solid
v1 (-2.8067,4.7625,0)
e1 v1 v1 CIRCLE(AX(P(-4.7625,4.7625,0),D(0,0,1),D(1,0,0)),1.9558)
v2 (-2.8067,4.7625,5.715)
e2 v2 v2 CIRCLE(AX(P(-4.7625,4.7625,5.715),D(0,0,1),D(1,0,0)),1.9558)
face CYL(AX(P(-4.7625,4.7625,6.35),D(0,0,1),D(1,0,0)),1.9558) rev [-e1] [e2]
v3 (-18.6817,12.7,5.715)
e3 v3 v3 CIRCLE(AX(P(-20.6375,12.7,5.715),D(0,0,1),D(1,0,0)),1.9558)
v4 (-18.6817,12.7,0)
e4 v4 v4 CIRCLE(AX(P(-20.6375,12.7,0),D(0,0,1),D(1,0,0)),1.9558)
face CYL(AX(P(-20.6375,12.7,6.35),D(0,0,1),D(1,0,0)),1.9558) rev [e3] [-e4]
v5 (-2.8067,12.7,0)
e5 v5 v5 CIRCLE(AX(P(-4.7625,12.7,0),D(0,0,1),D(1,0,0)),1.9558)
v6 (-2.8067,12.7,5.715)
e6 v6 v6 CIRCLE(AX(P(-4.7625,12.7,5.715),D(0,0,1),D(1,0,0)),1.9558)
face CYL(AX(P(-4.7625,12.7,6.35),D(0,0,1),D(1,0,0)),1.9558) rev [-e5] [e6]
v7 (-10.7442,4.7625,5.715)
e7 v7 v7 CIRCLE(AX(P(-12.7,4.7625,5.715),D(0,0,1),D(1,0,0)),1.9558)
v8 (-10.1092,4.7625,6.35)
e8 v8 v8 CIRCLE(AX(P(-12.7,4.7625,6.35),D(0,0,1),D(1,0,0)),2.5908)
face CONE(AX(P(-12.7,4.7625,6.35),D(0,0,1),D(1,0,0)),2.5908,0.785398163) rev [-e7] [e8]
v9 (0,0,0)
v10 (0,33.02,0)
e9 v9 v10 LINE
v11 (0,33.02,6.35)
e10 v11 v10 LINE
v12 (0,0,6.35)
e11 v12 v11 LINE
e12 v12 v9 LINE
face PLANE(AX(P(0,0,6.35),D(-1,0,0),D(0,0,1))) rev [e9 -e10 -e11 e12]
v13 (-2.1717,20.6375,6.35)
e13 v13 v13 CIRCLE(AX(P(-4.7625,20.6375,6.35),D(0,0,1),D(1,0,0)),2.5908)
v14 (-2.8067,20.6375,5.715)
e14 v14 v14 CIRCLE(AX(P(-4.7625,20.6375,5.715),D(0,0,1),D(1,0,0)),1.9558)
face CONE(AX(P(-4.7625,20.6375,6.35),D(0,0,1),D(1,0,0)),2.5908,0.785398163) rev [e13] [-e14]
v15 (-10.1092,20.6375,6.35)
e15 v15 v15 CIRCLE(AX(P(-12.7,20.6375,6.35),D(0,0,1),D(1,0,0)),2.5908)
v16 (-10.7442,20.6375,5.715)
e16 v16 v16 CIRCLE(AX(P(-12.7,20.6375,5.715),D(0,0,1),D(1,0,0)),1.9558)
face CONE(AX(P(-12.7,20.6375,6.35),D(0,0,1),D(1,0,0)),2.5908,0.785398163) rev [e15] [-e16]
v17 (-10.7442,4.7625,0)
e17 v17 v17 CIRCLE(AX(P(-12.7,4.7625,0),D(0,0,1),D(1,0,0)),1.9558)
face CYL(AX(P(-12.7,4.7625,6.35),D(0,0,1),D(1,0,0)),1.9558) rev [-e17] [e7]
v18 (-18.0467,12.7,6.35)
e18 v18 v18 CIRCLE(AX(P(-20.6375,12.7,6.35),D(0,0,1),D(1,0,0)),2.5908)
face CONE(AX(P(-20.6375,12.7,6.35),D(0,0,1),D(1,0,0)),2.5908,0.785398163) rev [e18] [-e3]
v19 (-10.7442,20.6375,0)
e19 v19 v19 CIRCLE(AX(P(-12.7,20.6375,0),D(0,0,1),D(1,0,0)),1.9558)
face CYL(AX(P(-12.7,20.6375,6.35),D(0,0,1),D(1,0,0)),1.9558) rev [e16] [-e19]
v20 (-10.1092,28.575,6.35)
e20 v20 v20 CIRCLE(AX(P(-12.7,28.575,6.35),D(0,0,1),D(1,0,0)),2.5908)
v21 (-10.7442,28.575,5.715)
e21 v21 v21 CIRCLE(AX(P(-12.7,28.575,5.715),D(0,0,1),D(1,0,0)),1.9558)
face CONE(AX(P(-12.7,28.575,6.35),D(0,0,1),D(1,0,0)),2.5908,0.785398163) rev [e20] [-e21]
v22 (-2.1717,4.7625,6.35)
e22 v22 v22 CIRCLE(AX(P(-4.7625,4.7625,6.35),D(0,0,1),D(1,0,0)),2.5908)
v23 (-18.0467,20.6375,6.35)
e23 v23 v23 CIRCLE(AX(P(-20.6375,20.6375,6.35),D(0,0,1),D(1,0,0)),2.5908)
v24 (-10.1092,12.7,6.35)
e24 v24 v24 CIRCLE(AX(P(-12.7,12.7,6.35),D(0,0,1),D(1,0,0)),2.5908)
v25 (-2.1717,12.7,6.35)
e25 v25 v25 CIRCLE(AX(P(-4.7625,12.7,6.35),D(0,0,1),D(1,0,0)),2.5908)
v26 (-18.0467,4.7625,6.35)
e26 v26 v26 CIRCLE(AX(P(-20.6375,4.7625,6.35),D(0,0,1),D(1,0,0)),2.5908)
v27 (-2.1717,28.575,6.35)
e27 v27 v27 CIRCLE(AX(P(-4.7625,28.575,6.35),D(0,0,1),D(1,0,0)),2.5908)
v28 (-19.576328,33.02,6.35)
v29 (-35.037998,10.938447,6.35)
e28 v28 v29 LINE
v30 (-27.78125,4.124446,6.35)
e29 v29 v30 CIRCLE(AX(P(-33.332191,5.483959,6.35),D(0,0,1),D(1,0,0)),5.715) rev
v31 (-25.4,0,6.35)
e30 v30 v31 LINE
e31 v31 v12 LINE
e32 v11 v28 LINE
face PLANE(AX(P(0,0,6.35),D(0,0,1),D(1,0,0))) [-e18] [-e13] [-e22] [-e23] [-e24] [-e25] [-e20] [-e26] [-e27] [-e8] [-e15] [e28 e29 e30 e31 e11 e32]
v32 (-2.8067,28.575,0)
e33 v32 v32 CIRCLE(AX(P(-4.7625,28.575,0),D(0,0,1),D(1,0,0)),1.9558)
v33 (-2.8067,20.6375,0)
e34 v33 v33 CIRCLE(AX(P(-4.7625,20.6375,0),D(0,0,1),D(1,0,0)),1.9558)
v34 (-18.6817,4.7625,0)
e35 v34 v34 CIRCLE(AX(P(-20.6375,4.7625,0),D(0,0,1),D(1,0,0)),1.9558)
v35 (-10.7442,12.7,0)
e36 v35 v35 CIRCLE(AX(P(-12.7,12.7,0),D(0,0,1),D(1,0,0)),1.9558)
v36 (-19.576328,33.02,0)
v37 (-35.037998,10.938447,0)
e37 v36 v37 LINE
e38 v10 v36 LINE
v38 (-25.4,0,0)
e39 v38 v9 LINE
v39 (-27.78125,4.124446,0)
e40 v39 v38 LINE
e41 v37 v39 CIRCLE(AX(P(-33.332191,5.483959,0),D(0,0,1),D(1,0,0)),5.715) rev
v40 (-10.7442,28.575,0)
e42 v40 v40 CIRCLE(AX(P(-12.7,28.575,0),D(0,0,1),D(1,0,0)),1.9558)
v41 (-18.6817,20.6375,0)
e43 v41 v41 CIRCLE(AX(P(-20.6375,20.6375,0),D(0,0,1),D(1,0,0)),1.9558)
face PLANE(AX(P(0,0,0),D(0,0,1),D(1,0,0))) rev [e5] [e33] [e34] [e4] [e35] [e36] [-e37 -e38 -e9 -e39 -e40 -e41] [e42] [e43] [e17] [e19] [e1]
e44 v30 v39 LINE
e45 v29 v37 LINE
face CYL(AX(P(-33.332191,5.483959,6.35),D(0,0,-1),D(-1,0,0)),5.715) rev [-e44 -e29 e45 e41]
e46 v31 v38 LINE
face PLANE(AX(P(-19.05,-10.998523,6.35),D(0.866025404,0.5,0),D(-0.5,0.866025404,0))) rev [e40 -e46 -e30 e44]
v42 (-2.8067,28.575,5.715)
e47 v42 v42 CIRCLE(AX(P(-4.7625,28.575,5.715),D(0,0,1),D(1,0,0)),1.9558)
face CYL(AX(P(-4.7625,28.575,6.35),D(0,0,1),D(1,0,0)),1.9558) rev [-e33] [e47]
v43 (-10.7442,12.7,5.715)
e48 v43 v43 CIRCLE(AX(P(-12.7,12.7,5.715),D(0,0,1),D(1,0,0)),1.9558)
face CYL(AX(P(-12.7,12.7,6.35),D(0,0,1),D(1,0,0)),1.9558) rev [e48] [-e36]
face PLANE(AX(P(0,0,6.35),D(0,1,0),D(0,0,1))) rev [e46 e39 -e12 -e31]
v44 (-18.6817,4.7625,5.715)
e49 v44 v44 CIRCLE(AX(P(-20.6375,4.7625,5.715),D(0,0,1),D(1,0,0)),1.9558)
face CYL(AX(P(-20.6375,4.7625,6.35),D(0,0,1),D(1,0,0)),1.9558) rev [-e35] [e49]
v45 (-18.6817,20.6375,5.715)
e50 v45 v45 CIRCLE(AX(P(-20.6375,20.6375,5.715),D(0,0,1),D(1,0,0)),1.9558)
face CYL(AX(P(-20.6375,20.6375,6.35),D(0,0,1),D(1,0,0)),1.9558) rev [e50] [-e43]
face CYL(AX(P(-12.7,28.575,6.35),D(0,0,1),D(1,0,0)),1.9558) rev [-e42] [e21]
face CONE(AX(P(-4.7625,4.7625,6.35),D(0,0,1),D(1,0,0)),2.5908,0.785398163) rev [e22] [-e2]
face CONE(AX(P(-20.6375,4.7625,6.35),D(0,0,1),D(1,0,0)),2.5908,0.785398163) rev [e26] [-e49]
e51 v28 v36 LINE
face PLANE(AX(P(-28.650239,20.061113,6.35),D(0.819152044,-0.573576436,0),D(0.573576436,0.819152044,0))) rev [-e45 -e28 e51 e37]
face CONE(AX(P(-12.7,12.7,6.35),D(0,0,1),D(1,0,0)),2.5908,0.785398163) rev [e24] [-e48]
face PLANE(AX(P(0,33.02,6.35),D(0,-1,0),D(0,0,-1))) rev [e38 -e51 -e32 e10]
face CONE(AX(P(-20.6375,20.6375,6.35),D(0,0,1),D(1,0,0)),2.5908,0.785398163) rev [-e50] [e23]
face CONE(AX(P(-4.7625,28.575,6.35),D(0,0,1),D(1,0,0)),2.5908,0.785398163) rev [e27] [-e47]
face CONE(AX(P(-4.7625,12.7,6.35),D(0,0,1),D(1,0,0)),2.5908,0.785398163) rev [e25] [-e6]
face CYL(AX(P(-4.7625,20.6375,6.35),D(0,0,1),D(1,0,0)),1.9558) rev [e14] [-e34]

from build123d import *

# Parameters (mm, degrees)
BOSS_EXTRUDE1_DEPTH                   = 6.35
F_23_0_154_DIAMETER_HOLE1_D           = 3.9116
F_23_0_154_DIAMETER_HOLE1_CSINK_D     = 5.1816
F_23_0_154_DIAMETER_HOLE1_CSINK_ANGLE = 90
LPATTERN1_COUNT                       = 4
LPATTERN1_PITCH                       = 7.9375
LPATTERN1_COUNT_DIR2                  = 3
LPATTERN1_PITCH_DIR2                  = 7.9375


with BuildPart() as part:
    # Sketch1 → Boss-Extrude1 (new body)
    with BuildSketch(Plane.XY):
        with BuildLine():
            Line((-25.4, 0), (0, 0))
            Line((0, 0), (0, 33.02))
            Line((0, 33.02), (-19.576328296, 33.02))
            Line((-19.576328296, 33.02), (-33.216892644, 13.539255216))
            Line((-33.216892644, 13.539255216), (-31.734093122, 10.970971108))
            ThreePointArc((-31.734093122, 10.970971108), (-28.382856233, 8.341458547), (-27.78125, 4.124445986))
            Line((-27.78125, 4.124445986), (-25.4, 0))
        make_face()
        with BuildLine():
            Line((-31.734093122, 10.970971108), (-33.216892644, 13.539255216))
            Line((-33.216892644, 13.539255216), (-35.037997829, 10.938447476))
            ThreePointArc((-35.037997829, 10.938447476), (-33.388447139, 11.198681663), (-31.734093122, 10.970971108))
        make_face()
    extrude(amount=BOSS_EXTRUDE1_DEPTH)

    # #23 (0.154) Diameter Hole1 (through all)
    with Locations(Plane(origin=(-4.7625, 4.7625, 6.35), x_dir=(1, 0, 0), z_dir=(0, 0, 1))):
        with Locations((0, 0)):
            f_23_0_154_diameter_hole1 = CounterSinkHole(F_23_0_154_DIAMETER_HOLE1_D / 2, F_23_0_154_DIAMETER_HOLE1_CSINK_D / 2, counter_sink_angle=F_23_0_154_DIAMETER_HOLE1_CSINK_ANGLE)

    # LPattern1: 23 _0.154_ Diameter Hole1 4 × 3, 1 skipped
    with Locations(*[(-j * LPATTERN1_PITCH_DIR2, i * LPATTERN1_PITCH, 0) for i in range(LPATTERN1_COUNT) for j in range(LPATTERN1_COUNT_DIR2) if (i, j) not in ((0, 0), (3, 2))]):
        add(f_23_0_154_diameter_hole1, mode=Mode.SUBTRACT)


solid = part.part
